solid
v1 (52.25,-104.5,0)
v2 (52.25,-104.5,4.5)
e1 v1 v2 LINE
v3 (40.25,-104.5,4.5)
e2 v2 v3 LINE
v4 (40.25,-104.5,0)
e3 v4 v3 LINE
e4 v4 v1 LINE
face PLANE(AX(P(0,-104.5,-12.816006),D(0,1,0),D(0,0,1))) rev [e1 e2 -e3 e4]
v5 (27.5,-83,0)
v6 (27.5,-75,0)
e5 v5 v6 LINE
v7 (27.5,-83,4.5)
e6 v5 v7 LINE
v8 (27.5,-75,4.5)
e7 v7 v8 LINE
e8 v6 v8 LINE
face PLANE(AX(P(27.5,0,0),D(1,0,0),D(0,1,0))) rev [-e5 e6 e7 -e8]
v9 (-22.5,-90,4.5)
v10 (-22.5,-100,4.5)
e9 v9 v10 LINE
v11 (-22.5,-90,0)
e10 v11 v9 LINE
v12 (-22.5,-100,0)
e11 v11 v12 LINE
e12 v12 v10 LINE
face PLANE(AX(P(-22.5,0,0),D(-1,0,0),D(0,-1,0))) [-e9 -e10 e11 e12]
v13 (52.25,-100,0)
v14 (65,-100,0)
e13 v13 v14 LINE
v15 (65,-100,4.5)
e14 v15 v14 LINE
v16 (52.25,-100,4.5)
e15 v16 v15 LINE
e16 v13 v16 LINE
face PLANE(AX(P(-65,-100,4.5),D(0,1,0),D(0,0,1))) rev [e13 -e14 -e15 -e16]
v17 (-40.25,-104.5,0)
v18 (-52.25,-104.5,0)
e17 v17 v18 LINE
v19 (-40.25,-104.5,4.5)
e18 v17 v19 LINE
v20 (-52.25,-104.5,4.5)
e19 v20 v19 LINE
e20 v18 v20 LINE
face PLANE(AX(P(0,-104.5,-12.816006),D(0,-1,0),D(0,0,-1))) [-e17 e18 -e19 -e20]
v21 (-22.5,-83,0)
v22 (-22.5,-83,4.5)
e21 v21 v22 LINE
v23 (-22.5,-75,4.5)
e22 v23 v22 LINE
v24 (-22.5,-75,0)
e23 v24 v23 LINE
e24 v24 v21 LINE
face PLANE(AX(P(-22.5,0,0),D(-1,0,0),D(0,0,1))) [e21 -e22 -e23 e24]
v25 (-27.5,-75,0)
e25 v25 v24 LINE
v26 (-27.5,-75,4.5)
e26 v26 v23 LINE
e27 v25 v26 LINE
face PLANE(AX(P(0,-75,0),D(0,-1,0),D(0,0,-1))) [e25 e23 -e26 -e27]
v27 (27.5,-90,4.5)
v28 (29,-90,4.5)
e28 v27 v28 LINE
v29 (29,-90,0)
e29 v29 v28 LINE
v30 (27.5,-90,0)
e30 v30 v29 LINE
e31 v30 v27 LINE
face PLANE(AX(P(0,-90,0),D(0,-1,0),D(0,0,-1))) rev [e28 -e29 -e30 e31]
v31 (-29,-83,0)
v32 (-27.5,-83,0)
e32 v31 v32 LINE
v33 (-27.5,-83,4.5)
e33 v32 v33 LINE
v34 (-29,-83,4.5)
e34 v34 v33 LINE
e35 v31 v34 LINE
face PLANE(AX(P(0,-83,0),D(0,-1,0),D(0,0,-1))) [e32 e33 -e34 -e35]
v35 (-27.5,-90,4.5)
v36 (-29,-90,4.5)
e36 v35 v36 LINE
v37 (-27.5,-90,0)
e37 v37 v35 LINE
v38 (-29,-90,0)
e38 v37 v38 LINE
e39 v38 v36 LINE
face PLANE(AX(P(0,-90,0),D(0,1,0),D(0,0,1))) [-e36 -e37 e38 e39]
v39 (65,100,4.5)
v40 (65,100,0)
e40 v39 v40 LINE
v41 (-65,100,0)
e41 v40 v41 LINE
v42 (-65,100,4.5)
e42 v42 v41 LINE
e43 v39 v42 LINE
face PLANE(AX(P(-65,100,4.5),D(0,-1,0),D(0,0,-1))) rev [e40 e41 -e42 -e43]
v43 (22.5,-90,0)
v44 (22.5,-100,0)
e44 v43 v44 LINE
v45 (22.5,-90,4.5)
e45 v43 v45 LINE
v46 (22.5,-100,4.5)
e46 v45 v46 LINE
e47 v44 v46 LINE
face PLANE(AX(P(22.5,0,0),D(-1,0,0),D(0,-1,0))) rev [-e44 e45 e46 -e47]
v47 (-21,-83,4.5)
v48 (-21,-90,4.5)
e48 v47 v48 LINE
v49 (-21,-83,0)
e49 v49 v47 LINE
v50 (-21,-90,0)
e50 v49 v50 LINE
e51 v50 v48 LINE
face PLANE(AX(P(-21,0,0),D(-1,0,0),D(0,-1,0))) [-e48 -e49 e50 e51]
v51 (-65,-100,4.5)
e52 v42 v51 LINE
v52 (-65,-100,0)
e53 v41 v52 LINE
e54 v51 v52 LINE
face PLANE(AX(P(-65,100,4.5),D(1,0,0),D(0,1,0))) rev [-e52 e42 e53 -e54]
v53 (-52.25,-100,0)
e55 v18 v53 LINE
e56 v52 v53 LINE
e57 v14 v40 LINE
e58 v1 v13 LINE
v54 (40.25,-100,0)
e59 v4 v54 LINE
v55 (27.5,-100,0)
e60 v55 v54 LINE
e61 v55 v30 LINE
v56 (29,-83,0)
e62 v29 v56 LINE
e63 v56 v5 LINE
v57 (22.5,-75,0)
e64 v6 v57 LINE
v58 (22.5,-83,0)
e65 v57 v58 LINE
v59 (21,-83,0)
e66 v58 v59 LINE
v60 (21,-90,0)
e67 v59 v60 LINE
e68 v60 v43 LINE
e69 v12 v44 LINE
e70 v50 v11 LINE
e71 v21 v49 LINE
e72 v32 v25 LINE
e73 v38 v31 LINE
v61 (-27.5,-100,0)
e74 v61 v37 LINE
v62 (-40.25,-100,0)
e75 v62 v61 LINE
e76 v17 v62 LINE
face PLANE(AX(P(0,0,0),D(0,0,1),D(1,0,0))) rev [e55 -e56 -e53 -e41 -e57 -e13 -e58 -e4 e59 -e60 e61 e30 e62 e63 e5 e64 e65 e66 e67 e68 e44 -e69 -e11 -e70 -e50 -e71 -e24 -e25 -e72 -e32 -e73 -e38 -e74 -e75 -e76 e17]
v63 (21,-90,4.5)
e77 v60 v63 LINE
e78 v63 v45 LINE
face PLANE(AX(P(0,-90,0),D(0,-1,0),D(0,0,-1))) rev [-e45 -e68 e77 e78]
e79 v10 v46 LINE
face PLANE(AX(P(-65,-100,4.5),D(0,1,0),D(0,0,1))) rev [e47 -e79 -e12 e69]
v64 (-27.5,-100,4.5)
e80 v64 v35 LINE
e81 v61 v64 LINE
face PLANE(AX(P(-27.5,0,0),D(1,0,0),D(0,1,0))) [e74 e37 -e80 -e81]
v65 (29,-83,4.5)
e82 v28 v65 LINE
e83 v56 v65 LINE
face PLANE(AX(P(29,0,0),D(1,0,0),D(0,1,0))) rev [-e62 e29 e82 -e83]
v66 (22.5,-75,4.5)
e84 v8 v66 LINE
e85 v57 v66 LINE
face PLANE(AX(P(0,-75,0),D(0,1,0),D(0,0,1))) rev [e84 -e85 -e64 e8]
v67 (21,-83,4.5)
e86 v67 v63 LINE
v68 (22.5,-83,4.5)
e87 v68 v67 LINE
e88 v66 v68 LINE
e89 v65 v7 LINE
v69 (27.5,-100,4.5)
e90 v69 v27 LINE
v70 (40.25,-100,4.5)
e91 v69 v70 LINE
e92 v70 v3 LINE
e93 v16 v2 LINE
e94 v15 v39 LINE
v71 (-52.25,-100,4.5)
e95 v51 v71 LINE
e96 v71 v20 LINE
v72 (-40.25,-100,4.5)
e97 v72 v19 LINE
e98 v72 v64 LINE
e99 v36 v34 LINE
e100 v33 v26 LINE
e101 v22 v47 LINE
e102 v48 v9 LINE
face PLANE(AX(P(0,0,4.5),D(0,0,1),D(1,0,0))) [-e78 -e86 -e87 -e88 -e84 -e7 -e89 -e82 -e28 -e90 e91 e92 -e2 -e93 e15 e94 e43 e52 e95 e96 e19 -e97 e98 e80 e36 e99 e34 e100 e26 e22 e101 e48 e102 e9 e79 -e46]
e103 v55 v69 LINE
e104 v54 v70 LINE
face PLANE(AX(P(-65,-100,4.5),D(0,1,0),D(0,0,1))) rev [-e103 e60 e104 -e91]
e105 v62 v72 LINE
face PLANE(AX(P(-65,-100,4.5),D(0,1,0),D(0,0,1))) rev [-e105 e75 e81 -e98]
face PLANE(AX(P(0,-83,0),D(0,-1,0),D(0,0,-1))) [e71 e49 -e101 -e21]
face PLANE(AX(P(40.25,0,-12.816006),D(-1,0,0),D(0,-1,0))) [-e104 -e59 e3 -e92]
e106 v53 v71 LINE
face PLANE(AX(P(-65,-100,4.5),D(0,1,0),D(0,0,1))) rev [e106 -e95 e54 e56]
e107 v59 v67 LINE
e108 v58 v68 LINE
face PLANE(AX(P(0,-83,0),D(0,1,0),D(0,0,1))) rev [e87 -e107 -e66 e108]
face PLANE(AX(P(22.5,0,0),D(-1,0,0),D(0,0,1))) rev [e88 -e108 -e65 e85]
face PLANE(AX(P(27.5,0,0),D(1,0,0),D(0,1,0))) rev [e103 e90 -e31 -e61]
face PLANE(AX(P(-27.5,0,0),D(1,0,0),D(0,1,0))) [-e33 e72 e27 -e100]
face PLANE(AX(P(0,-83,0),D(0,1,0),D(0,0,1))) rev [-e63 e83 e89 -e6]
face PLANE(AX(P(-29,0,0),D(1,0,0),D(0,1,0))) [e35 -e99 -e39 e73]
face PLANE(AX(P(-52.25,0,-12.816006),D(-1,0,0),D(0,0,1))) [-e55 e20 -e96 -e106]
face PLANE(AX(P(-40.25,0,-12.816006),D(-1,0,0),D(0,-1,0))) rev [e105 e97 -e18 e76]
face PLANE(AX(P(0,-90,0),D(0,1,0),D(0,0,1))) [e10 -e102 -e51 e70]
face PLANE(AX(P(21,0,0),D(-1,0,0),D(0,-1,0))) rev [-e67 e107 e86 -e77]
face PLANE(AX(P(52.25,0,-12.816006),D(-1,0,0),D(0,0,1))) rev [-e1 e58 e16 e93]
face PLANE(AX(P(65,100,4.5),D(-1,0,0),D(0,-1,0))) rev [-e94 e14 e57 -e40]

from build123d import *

# Parameters (mm, degrees)
SKETCH1_W           = 130
SKETCH1_H           = 200
BOSS_EXTRUDE1_DEPTH = 4.5
CUT_EXTRUDE1_DEPTH  = 120.353466644
SKETCH3_W           = 12
SKETCH3_H           = 4.5
BOSS_EXTRUDE2_DEPTH = 4.5


with BuildPart() as part:
    # Sketch1 → Boss-Extrude1 (new body)
    with BuildSketch(Plane.XY):
        Rectangle(SKETCH1_W, SKETCH1_H)
    extrude(amount=BOSS_EXTRUDE1_DEPTH)

    # Sketch2 → Cut-Extrude1 (cut, through all)
    with BuildSketch(Plane.XY.offset(4.5)):
        Polygon((-27.5, -90), (-27.5, -100), (-22.5, -100), (-22.5, -90), (-21, -90), (-21, -83), (-22.5, -83), (-22.5, -75), (-27.5, -75), (-27.5, -83), (-29, -83), (-29, -90), align=None)
    cut_extrude1 = extrude(amount=-CUT_EXTRUDE1_DEPTH, mode=Mode.SUBTRACT)

    # Mirror1: Cut-Extrude1 across plane
    add(cut_extrude1.mirror(Plane(origin=(0, 0, 0), x_dir=(0, 0, 1), z_dir=(1, 0, 0))), mode=Mode.SUBTRACT)

    # Sketch3 → Boss-Extrude2 (add)
    with BuildSketch(Plane.XY.offset(4.5)):
        with Locations((-46.25, -102.25)):
            Rectangle(SKETCH3_W, SKETCH3_H)
        with Locations((46.25, -102.25)):
            Rectangle(SKETCH3_W, SKETCH3_H)
    extrude(amount=-BOSS_EXTRUDE2_DEPTH)


solid = part.part
